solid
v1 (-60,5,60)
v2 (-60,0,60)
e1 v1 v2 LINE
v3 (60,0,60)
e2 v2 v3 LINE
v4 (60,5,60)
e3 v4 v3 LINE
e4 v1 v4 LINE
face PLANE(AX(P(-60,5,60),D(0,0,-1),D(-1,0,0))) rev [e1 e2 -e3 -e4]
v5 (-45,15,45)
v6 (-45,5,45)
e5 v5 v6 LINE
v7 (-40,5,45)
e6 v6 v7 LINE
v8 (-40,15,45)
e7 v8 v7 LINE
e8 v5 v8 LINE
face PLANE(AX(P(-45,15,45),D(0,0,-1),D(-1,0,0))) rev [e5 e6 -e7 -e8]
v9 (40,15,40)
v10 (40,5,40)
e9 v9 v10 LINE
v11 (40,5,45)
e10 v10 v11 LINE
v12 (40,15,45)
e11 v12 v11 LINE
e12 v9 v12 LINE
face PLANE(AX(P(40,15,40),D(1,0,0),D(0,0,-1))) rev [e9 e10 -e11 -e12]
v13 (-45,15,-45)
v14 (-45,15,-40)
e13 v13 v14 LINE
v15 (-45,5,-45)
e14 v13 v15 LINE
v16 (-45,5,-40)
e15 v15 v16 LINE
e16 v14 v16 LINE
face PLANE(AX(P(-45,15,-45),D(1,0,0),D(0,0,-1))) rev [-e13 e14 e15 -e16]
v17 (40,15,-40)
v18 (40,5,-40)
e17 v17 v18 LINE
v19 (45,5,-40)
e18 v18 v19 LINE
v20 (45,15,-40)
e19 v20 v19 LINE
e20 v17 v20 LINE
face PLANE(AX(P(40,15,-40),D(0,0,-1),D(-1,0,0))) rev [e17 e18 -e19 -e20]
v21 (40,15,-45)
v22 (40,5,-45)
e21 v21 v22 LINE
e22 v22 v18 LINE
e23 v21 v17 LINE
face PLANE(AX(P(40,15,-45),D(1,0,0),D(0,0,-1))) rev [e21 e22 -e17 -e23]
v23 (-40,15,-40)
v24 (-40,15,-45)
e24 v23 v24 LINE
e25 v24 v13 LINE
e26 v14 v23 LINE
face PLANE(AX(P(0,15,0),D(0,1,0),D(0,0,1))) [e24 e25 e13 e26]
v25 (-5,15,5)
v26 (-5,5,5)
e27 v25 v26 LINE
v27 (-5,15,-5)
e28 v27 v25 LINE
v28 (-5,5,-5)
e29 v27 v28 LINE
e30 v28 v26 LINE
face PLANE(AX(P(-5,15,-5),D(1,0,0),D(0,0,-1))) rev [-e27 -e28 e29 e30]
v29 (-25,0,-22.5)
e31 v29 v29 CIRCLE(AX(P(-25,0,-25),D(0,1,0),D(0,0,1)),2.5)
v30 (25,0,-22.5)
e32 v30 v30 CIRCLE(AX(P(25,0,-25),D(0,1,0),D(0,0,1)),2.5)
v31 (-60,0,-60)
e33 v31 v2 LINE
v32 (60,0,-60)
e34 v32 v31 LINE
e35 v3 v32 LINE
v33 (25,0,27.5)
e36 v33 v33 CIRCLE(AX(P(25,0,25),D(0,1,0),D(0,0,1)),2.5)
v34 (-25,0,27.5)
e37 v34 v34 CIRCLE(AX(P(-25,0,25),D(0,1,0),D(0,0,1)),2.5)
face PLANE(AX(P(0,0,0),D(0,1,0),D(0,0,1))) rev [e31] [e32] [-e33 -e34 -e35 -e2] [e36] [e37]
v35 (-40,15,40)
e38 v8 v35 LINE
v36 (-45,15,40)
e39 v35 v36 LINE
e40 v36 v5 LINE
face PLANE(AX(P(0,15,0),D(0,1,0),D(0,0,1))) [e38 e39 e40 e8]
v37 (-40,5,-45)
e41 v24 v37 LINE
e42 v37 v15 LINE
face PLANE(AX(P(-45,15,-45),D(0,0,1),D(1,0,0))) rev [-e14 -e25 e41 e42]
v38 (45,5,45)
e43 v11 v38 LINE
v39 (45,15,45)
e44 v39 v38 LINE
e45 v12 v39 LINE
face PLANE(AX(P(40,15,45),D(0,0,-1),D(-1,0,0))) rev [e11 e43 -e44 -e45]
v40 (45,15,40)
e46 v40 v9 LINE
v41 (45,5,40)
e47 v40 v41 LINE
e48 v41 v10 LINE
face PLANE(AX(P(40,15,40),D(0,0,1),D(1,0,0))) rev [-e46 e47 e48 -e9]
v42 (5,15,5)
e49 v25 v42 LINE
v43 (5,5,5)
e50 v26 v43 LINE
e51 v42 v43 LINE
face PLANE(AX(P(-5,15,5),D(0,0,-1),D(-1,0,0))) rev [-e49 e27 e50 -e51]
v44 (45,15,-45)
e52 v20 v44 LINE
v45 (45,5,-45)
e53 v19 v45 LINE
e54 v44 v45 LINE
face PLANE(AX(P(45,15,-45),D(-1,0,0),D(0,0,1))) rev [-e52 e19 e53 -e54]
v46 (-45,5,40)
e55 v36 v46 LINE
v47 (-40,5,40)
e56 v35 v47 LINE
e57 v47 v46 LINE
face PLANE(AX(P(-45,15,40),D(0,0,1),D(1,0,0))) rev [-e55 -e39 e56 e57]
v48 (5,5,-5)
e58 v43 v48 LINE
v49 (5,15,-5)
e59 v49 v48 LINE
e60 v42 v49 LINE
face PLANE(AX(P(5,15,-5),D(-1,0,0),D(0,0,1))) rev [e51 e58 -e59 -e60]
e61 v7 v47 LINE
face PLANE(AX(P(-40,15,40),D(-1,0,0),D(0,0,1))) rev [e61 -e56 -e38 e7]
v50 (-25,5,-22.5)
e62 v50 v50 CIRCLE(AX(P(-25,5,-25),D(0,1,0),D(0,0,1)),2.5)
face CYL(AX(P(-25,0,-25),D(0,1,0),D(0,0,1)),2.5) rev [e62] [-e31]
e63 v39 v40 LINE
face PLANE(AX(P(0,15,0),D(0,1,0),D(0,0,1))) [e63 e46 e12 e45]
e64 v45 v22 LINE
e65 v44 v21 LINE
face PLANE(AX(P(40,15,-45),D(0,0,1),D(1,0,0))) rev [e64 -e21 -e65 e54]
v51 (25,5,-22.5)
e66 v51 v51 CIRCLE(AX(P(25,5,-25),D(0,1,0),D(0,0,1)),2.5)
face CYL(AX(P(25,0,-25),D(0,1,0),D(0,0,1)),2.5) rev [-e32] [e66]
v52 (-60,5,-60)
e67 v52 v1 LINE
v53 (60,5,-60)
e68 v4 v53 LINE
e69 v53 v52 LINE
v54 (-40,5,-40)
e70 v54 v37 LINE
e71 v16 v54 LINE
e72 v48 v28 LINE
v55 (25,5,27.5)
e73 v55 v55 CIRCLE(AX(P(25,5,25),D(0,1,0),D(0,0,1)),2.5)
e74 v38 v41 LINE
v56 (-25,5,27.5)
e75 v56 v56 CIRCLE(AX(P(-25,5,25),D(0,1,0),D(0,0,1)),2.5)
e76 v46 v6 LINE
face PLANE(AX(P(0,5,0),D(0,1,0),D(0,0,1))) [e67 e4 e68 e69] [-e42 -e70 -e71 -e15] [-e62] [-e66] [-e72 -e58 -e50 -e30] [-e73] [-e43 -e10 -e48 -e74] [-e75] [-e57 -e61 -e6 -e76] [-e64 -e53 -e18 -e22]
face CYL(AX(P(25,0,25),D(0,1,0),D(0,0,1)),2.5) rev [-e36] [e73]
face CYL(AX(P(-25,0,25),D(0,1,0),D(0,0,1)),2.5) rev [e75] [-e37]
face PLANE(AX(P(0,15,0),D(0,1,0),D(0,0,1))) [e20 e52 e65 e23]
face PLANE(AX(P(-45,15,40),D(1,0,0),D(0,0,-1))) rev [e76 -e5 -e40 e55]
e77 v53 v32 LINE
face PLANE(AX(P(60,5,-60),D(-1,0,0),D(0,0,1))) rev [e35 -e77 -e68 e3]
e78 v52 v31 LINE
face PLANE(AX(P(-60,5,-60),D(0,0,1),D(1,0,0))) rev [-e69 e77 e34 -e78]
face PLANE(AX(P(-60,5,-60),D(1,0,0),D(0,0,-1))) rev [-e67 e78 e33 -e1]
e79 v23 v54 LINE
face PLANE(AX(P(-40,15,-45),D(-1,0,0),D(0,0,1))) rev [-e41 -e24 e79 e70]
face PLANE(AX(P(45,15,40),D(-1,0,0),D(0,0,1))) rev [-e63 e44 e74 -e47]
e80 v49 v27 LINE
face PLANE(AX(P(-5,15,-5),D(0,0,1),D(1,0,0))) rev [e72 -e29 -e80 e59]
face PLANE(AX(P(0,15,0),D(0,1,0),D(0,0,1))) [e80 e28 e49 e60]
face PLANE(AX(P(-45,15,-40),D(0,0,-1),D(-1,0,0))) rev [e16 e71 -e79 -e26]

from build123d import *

# Parameters (mm, degrees)
SKETCH1_W           = 120
SKETCH1_H           = 120
BOSS_EXTRUDE1_DEPTH = 5
SKETCH2_R           = 2.5
CUT_EXTRUDE1_DEPTH  = 5
SKETCH3_R           = 2.5
CUT_EXTRUDE2_DEPTH  = 5
SKETCH4_R           = 2.5
CUT_EXTRUDE3_DEPTH  = 5
SKETCH5_R           = 2.5
CUT_EXTRUDE4_DEPTH  = 5
SKETCH6_W           = 10
SKETCH6_H           = 10
BOSS_EXTRUDE2_DEPTH = 10
SKETCH10_W          = 5
SKETCH10_H          = 5
BOSS_EXTRUDE4_DEPTH = 10
SKETCH11_W          = 5
SKETCH11_H          = 5
BOSS_EXTRUDE5_DEPTH = 10
SKETCH12_W          = 5
SKETCH12_H          = 5
BOSS_EXTRUDE6_DEPTH = 10
SKETCH13_W          = 5
SKETCH13_H          = 5
BOSS_EXTRUDE7_DEPTH = 10


with BuildPart() as part:
    # Sketch1 → Boss-Extrude1 (new body)
    with BuildSketch(Plane(origin=(0, 0, 0), x_dir=(1, 0, 0), z_dir=(0, 1, 0))):
        Rectangle(SKETCH1_W, SKETCH1_H)
    extrude(amount=BOSS_EXTRUDE1_DEPTH)

    # Sketch2 → Cut-Extrude1 (cut)
    with BuildSketch(Plane(origin=(0, 5, 0), x_dir=(1, 0, 0), z_dir=(0, 1, 0))):
        with Locations(Location((-25, 25, 0), (0, 0, 270))):
            Circle(SKETCH2_R)
    extrude(amount=-CUT_EXTRUDE1_DEPTH, mode=Mode.SUBTRACT)

    # Sketch3 → Cut-Extrude2 (cut)
    with BuildSketch(Plane(origin=(0, 5, 0), x_dir=(1, 0, 0), z_dir=(0, 1, 0))):
        with Locations(Location((25, 25, 0), (0, 0, 270))):
            Circle(SKETCH3_R)
    extrude(amount=-CUT_EXTRUDE2_DEPTH, mode=Mode.SUBTRACT)

    # Sketch4 → Cut-Extrude3 (cut)
    with BuildSketch(Plane(origin=(0, 5, 0), x_dir=(1, 0, 0), z_dir=(0, 1, 0))):
        with Locations(Location((25, -25, 0), (0, 0, 270))):
            Circle(SKETCH4_R)
    extrude(amount=-CUT_EXTRUDE3_DEPTH, mode=Mode.SUBTRACT)

    # Sketch5 → Cut-Extrude4 (cut)
    with BuildSketch(Plane(origin=(0, 5, 0), x_dir=(1, 0, 0), z_dir=(0, 1, 0))):
        with Locations(Location((-25, -25, 0), (0, 0, 270))):
            Circle(SKETCH5_R)
    extrude(amount=-CUT_EXTRUDE4_DEPTH, mode=Mode.SUBTRACT)

    # Sketch6 → Boss-Extrude2 (add)
    with BuildSketch(Plane(origin=(0, 5, 0), x_dir=(1, 0, 0), z_dir=(0, 1, 0))):
        Rectangle(SKETCH6_W, SKETCH6_H)
    extrude(amount=BOSS_EXTRUDE2_DEPTH)

    # Sketch10 → Boss-Extrude4 (add)
    with BuildSketch(Plane(origin=(0, 5, 0), x_dir=(1, 0, 0), z_dir=(0, 1, 0))):
        with Locations((42.5, 42.5)):
            Rectangle(SKETCH10_W, SKETCH10_H)
    extrude(amount=BOSS_EXTRUDE4_DEPTH)

    # Sketch11 → Boss-Extrude5 (add)
    with BuildSketch(Plane(origin=(0, 5, 0), x_dir=(1, 0, 0), z_dir=(0, 1, 0))):
        with Locations((-42.5, 42.5)):
            Rectangle(SKETCH11_W, SKETCH11_H)
    extrude(amount=BOSS_EXTRUDE5_DEPTH)

    # Sketch12 → Boss-Extrude6 (add)
    with BuildSketch(Plane(origin=(0, 5, 0), x_dir=(1, 0, 0), z_dir=(0, 1, 0))):
        with Locations((42.5, -42.5)):
            Rectangle(SKETCH12_W, SKETCH12_H)
    extrude(amount=BOSS_EXTRUDE6_DEPTH)

    # Sketch13 → Boss-Extrude7 (add)
    with BuildSketch(Plane(origin=(0, 5, 0), x_dir=(1, 0, 0), z_dir=(0, 1, 0))):
        with Locations((-42.5, -42.5)):
            Rectangle(SKETCH13_W, SKETCH13_H)
    extrude(amount=BOSS_EXTRUDE7_DEPTH)


solid = part.part
